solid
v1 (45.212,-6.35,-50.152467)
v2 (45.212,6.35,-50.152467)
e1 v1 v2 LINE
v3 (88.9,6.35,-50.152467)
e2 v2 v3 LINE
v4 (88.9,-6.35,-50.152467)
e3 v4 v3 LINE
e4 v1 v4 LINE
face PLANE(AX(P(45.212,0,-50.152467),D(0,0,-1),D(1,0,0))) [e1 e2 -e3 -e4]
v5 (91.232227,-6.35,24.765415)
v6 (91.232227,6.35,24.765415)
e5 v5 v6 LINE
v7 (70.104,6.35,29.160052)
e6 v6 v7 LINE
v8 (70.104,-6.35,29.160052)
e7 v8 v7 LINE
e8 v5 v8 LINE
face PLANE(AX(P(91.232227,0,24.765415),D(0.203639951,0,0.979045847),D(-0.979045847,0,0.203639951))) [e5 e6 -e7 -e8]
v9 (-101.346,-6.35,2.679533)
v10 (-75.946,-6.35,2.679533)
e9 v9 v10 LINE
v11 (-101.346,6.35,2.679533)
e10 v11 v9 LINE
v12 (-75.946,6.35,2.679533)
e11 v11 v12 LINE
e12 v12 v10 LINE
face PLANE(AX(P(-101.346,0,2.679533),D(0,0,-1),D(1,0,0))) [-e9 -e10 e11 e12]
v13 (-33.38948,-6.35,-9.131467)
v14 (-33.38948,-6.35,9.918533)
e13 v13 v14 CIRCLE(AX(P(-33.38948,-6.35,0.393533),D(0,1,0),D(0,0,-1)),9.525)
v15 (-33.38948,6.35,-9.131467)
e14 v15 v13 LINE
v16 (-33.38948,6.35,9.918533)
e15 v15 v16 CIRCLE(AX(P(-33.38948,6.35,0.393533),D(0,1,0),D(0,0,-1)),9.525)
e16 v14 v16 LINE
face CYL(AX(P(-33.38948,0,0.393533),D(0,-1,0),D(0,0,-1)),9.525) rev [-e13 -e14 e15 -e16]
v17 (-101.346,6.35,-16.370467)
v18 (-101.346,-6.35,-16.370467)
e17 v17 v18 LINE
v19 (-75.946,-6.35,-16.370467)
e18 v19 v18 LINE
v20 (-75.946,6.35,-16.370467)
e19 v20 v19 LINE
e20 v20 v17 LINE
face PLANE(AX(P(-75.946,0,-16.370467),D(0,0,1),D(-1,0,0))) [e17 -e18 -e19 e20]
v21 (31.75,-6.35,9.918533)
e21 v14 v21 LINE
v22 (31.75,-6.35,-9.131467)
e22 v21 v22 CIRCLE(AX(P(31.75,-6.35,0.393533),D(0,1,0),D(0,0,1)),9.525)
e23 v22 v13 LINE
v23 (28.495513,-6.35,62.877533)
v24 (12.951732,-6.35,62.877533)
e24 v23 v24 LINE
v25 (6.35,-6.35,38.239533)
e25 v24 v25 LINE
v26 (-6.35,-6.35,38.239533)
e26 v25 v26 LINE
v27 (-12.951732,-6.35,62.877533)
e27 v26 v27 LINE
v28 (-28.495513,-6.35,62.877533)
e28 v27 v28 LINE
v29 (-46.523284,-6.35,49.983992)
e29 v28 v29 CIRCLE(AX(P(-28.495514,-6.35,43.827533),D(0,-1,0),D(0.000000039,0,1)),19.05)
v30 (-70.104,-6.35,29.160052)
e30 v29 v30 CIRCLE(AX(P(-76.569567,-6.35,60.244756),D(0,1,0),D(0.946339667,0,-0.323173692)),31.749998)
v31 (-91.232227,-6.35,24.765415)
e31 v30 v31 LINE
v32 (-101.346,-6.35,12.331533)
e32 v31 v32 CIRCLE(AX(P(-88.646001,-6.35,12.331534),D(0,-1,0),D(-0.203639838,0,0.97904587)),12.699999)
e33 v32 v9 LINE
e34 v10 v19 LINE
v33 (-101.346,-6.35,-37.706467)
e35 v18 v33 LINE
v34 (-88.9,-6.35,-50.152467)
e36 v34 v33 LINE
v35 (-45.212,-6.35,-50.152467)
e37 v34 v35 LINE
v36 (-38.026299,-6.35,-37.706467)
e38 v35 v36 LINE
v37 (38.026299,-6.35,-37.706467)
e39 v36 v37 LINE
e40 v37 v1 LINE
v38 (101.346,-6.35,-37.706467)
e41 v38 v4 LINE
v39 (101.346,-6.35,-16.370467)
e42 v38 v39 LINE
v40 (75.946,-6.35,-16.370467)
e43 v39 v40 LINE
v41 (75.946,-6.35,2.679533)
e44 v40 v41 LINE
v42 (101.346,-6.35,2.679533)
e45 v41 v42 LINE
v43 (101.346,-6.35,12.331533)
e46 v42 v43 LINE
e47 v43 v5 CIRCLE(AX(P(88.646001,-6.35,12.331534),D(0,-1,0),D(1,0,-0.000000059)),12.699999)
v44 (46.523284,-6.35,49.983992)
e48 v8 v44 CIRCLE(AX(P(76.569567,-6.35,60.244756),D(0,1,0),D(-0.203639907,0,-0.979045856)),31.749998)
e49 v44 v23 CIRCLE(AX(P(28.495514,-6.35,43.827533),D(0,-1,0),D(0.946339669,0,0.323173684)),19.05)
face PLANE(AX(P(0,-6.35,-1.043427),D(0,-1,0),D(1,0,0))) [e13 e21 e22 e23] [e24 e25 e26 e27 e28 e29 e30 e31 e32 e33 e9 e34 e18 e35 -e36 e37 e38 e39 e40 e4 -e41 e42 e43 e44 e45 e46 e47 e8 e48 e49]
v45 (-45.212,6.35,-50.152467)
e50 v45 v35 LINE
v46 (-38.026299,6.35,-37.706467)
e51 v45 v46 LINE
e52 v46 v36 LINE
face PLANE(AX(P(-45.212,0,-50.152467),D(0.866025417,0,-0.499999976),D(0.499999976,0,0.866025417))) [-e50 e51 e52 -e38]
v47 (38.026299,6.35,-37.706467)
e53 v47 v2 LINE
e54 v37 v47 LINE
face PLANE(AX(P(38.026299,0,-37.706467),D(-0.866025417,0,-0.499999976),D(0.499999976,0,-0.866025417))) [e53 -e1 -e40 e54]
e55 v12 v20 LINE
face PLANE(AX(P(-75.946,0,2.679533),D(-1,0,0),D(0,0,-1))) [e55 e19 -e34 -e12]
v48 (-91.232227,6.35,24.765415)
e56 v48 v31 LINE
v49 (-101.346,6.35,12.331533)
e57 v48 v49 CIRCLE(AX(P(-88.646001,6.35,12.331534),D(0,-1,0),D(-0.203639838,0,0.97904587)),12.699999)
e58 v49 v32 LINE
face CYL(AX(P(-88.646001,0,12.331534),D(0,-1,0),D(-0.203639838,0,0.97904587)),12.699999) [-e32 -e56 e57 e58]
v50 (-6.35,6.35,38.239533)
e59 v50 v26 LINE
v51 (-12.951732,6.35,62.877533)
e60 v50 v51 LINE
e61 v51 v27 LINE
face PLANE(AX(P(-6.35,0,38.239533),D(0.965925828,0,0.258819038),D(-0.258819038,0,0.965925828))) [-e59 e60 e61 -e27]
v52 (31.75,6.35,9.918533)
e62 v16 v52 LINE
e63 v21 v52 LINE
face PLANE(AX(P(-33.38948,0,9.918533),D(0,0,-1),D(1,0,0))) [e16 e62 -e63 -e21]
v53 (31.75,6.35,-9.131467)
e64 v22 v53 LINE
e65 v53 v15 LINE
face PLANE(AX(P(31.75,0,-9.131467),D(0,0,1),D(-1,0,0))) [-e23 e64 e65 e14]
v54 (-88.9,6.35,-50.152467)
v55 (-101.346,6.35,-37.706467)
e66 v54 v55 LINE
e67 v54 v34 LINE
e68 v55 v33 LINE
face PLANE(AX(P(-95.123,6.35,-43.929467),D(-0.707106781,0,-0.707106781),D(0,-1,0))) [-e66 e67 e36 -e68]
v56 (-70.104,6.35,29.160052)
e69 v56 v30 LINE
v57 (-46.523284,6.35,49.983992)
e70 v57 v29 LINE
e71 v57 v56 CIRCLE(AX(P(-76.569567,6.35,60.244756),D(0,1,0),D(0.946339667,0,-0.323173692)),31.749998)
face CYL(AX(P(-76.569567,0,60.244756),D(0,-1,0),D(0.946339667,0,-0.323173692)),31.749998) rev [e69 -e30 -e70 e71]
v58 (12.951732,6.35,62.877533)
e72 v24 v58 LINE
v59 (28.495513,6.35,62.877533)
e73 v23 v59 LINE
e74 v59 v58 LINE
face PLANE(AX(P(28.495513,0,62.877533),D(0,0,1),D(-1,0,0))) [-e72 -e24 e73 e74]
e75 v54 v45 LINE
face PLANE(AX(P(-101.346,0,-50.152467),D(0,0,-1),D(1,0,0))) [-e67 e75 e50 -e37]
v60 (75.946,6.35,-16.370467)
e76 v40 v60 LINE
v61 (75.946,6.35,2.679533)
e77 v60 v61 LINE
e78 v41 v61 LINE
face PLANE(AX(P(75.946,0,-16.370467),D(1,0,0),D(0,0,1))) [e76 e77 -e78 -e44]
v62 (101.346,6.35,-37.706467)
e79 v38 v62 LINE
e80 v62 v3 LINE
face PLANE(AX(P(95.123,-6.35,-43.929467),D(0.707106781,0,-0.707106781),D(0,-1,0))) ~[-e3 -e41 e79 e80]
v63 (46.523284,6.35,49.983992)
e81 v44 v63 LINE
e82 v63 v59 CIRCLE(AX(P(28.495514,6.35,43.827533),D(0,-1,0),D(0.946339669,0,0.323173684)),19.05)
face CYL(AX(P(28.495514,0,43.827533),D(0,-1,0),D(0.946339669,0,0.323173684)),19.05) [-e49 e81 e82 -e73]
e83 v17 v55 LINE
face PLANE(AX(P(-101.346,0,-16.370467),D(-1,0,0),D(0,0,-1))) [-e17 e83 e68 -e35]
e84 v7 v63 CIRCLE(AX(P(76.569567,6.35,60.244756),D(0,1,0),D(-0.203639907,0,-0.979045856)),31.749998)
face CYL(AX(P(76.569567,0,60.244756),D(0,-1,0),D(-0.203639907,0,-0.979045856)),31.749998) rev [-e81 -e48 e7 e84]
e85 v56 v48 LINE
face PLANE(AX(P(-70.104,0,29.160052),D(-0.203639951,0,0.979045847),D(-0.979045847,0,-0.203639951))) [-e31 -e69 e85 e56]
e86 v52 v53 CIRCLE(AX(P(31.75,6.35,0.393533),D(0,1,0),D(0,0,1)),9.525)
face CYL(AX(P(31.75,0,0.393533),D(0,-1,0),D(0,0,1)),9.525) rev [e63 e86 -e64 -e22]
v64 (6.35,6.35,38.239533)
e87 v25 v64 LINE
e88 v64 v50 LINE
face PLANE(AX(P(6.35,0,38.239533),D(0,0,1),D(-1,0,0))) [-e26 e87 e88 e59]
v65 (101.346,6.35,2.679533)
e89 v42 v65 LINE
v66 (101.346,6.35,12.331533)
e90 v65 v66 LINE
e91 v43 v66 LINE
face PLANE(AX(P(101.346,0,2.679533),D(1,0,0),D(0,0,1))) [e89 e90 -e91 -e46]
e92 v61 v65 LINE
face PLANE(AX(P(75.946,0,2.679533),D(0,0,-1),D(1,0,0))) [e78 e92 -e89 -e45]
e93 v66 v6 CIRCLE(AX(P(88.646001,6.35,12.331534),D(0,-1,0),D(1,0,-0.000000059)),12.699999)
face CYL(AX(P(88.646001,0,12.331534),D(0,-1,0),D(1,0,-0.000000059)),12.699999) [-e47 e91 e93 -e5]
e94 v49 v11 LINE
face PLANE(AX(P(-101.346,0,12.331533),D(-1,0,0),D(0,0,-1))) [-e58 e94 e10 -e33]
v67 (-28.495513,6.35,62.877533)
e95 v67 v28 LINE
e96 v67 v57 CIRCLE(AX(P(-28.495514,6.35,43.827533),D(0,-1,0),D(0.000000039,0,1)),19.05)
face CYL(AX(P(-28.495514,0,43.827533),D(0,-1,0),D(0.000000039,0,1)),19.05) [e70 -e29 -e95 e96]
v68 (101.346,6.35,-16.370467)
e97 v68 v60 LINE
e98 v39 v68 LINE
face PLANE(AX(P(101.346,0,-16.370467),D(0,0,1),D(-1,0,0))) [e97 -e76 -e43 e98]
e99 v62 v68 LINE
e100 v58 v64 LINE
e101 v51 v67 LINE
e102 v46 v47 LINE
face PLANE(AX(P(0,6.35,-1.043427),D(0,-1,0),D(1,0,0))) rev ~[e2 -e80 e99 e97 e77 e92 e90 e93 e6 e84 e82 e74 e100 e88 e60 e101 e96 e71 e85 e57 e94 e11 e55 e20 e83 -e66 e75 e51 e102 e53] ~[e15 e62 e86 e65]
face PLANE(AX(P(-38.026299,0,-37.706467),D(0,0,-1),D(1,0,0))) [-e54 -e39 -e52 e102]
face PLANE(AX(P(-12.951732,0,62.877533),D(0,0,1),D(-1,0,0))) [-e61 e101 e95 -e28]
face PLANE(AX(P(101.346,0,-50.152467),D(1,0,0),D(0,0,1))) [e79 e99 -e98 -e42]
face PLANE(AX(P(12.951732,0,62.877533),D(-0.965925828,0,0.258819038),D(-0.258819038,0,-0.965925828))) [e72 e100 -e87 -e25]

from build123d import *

# Parameters (mm, degrees)
F1_DEPTH = 6.35
F2_SIZE  = 12.446


with BuildPart() as f1:
    # F0 (on Front) → F1 (new body, symmetric)
    with BuildSketch(Plane.XZ):
        with BuildLine():
            Line((6.35, 38.239533), (0, 38.239533))
            Line((0, 38.239533), (-6.35, 38.239533))
            Line((-6.35, 38.239533), (-12.951732, 62.877533))
            Line((-12.951732, 62.877533), (-28.495513, 62.877533))
            ThreePointArc((-28.495513, 62.877533), (-39.577525, 59.32242), (-46.523284, 49.983992))
            ThreePointArc((-46.523284, 49.983992), (-55.553194, 36.446133), (-70.104, 29.160052))
            Line((-70.104, 29.160052), (-91.232227, 24.765415))
            ThreePointArc((-91.232227, 24.765415), (-98.498286, 20.345425), (-101.346, 12.331533))
            Line((-101.346, 12.331533), (-101.346, 2.679533))
            Line((-101.346, 2.679533), (-75.946, 2.679533))
            Line((-75.946, 2.679533), (-75.946, -16.370467))
            Line((-75.946, -16.370467), (-101.346, -16.370467))
            Line((-101.346, -16.370467), (-101.346, -50.152467))
            Line((-101.346, -50.152467), (-45.212, -50.152467))
            Line((-45.212, -50.152467), (-38.026299, -37.706467))
            Line((-38.026299, -37.706467), (0, -37.706467))
            Line((0, -37.706467), (38.026299, -37.706467))
            Line((38.026299, -37.706467), (45.212, -50.152467))
            Line((45.212, -50.152467), (101.346, -50.152467))
            Line((101.346, -50.152467), (101.346, -16.370467))
            Line((101.346, -16.370467), (75.946, -16.370467))
            Line((75.946, -16.370467), (75.946, 2.679533))
            Line((75.946, 2.679533), (101.346, 2.679533))
            Line((101.346, 2.679533), (101.346, 12.331533))
            ThreePointArc((101.346, 12.331533), (98.498286, 20.345425), (91.232227, 24.765415))
            Line((91.232227, 24.765415), (70.104, 29.160052))
            ThreePointArc((70.104, 29.160052), (55.553194, 36.446133), (46.523284, 49.983992))
            ThreePointArc((46.523284, 49.983992), (39.577525, 59.32242), (28.495513, 62.877533))
            Line((28.495513, 62.877533), (12.951732, 62.877533))
            Line((12.951732, 62.877533), (6.35, 38.239533))
        make_face()
        with BuildLine():
            ThreePointArc((-33.38948, -9.131467), (-42.91448, 0.393533), (-33.38948, 9.918533))
            Line((-33.38948, 9.918533), (31.75, 9.918533))
            ThreePointArc((31.75, 9.918533), (41.275, 0.393533), (31.75, -9.131467))
            Line((31.75, -9.131467), (-33.38948, -9.131467))
        make_face(mode=Mode.SUBTRACT)
    extrude(amount=F1_DEPTH, both=True)

    # F2
    f2_edges = [f1.edges().sort_by_distance(p)[0] for p in [
        (-101.346, 0, -50.152467),
        (101.346, 0, -50.152467),
    ]]
    chamfer(f2_edges, length=F2_SIZE)


solid = f1.part
